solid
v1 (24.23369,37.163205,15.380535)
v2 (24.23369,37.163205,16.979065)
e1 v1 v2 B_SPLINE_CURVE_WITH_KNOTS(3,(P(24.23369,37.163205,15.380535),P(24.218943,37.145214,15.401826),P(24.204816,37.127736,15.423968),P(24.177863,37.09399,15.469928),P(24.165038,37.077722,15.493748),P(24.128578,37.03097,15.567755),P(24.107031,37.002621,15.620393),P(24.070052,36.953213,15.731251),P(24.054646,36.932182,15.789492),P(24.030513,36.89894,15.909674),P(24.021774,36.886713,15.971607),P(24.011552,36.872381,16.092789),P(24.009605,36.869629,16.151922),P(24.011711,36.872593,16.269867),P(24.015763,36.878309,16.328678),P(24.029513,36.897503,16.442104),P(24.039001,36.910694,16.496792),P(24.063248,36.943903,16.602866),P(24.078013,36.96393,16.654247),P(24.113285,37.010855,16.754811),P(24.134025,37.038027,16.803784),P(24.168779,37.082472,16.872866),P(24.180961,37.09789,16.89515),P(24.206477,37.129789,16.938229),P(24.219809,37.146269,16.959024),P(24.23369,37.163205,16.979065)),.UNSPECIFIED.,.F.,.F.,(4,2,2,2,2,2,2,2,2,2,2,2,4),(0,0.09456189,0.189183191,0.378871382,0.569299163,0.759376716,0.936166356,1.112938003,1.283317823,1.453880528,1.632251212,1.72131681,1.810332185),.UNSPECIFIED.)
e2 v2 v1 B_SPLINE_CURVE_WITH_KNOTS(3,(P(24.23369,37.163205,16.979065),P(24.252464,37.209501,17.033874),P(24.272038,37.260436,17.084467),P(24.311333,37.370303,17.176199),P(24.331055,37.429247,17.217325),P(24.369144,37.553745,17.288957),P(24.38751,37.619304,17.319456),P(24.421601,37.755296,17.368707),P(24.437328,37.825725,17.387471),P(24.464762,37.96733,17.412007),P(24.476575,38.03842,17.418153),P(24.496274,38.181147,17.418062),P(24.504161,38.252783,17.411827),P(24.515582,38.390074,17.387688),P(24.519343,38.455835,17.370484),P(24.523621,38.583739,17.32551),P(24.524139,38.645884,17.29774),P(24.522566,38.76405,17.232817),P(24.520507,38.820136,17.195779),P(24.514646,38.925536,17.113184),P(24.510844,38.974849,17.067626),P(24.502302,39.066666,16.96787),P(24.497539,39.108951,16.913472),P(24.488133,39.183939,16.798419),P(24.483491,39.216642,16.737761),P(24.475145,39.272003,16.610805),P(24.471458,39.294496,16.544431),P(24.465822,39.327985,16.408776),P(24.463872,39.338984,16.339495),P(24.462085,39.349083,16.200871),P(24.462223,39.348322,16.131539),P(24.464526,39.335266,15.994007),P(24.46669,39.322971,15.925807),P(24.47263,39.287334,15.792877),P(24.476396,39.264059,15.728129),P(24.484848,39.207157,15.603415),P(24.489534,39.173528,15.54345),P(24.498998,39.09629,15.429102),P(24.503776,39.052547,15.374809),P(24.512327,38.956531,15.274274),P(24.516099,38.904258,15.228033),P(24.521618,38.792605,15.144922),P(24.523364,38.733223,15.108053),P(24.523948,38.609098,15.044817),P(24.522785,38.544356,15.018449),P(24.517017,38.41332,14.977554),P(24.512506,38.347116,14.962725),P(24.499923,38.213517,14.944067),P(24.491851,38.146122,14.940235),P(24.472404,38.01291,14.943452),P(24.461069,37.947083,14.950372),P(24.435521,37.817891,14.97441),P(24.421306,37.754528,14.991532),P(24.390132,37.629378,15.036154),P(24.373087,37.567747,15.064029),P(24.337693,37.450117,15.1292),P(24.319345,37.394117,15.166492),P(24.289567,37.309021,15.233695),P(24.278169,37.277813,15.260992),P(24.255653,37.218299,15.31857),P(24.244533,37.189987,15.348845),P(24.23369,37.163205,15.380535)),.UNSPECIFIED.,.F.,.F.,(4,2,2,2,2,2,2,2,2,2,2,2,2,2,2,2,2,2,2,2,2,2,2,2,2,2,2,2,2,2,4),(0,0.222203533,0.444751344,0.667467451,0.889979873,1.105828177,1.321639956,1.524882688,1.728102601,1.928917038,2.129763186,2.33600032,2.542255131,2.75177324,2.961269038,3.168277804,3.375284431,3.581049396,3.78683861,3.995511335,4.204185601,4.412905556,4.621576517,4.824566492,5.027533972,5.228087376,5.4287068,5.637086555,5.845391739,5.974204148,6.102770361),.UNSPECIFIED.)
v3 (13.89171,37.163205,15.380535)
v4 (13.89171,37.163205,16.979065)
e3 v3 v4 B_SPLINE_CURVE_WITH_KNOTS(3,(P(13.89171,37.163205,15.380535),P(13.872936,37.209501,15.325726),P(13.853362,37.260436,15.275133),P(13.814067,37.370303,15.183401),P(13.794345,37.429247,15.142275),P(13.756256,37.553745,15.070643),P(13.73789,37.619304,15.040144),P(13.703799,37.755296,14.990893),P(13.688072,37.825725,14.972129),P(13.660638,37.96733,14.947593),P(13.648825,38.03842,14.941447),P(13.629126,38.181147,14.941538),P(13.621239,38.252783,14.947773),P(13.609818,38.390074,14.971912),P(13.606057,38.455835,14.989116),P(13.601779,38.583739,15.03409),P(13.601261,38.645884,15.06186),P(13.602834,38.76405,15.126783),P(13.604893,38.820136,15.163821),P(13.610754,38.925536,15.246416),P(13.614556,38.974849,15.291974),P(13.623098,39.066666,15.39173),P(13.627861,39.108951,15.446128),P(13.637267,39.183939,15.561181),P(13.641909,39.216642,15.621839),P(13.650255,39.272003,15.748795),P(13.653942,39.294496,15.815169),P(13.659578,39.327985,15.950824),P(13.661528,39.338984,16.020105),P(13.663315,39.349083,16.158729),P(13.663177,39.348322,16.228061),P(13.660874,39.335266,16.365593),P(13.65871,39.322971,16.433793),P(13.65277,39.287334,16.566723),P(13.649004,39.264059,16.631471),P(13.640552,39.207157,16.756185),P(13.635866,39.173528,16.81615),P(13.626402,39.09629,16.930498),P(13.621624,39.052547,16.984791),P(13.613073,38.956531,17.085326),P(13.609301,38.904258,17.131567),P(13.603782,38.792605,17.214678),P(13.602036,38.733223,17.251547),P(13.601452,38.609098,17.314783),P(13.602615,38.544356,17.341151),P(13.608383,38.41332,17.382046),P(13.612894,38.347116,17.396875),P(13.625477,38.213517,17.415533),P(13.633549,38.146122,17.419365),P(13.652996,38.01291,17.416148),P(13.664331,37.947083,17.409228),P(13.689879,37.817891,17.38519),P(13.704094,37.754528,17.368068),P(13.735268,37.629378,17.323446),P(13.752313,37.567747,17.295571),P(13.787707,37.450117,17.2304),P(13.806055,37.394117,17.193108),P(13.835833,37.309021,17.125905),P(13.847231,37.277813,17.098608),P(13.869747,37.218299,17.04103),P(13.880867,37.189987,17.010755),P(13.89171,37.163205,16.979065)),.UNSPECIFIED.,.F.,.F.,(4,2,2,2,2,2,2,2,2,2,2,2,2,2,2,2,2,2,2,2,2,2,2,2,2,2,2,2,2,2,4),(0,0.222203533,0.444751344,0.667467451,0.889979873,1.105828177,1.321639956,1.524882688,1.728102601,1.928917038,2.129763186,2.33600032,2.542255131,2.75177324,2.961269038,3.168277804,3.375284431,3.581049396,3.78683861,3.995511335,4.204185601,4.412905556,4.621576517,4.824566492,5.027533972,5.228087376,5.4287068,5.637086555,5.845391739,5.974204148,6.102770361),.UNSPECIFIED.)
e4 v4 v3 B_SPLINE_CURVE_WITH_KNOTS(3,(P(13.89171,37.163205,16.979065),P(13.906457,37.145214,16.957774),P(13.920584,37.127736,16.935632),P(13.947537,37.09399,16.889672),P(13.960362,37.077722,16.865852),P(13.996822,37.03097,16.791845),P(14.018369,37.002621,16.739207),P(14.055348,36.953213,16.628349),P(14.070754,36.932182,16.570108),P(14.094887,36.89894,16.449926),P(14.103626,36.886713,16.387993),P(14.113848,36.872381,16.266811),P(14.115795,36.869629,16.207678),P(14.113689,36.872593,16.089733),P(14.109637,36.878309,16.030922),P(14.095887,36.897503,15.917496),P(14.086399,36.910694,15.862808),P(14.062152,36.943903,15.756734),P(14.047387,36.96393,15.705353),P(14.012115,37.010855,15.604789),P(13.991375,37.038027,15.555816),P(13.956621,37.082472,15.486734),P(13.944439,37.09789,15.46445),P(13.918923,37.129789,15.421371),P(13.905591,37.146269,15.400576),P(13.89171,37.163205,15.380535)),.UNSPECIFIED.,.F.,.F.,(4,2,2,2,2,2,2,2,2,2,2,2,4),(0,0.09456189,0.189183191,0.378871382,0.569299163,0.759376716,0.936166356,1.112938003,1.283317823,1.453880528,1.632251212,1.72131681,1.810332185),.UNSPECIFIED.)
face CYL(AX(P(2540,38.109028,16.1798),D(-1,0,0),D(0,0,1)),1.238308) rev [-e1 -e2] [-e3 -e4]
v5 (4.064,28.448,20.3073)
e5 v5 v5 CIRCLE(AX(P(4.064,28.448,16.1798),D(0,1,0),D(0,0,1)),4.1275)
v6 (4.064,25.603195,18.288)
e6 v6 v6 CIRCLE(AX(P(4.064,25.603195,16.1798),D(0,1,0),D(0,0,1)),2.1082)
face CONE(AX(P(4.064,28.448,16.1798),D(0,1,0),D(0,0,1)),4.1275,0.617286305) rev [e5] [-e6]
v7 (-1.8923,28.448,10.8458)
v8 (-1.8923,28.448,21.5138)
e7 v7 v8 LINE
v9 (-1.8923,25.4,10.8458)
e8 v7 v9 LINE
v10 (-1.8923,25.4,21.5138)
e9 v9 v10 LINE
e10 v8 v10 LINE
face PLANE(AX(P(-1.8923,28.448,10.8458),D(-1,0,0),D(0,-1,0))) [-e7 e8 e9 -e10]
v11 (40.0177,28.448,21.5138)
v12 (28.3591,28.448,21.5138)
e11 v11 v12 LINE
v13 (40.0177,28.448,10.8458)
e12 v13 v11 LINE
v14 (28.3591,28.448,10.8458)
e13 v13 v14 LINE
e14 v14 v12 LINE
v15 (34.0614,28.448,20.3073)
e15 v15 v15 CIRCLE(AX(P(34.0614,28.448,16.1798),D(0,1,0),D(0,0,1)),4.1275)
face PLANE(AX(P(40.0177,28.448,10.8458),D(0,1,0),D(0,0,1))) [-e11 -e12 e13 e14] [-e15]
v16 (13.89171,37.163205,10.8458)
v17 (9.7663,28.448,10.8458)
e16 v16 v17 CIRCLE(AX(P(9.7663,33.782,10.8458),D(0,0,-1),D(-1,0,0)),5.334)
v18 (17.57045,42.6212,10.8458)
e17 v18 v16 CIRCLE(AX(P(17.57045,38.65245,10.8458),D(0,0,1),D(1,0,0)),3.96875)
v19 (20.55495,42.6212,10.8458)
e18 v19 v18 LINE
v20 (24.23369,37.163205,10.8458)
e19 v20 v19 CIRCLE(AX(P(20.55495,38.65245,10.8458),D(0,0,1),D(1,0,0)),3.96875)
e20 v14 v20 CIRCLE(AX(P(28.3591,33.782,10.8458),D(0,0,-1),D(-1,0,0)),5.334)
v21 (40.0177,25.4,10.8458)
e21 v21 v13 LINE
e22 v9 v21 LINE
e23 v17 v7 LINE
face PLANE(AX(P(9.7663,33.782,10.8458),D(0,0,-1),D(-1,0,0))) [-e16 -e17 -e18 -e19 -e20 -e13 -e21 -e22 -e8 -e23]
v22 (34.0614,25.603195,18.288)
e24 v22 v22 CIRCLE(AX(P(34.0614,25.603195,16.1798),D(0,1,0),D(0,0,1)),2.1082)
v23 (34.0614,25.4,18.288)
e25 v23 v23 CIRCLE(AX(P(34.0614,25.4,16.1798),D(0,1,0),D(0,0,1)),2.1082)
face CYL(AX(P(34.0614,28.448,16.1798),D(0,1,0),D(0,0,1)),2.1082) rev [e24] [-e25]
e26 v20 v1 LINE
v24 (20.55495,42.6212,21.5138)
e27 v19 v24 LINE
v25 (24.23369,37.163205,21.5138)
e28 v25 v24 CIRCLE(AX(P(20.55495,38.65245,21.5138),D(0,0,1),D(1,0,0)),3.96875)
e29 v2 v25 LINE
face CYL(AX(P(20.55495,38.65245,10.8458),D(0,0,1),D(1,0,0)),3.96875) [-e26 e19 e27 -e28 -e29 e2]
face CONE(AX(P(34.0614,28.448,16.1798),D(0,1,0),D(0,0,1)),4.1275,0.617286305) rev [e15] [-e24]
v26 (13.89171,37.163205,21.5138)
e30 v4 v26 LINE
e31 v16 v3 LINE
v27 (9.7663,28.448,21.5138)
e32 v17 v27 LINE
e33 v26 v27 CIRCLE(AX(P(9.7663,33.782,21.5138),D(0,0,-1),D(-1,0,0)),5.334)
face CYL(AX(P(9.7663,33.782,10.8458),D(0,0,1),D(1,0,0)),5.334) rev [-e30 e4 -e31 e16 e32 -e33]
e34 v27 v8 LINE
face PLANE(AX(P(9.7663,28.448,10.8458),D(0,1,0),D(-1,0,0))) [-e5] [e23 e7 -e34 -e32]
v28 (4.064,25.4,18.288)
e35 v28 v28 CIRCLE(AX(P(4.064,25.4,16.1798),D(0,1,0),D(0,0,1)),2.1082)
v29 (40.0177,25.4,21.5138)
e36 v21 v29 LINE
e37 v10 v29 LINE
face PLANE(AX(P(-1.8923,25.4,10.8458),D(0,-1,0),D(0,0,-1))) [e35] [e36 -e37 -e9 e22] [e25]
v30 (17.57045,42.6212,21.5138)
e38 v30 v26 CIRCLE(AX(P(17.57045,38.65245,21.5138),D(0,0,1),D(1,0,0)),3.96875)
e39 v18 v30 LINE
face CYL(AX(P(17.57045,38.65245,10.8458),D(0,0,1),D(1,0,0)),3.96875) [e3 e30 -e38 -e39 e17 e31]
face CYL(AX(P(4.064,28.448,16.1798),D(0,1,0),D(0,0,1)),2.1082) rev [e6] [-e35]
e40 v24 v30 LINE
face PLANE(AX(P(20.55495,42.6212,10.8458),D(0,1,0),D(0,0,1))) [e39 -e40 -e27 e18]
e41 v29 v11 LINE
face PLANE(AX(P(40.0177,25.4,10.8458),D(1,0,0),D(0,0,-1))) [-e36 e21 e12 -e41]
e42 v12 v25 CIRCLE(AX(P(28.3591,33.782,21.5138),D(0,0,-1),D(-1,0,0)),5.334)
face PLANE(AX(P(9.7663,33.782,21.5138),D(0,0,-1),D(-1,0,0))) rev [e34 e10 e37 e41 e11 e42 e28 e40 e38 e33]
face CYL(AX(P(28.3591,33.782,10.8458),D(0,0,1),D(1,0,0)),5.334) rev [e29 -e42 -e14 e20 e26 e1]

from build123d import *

# Parameters (mm, degrees)
BOSS_EXTRUDE1_DEPTH                       = 10.668
CSK_FOR_6_FLAT_HEAD_MACHINE_SCREW_2_COUNT = 2
CSK_FOR_6_FLAT_HEAD_MACHINE_SCREW_2_PITCH = 29.9974
SKETCH4_R                                 = 1.238307914
CUT_EXTRUDE1_DEPTH                        = 2540


with BuildPart() as part:
    # Sketch1 → Boss-Extrude1 (new body)
    with BuildSketch(Plane.XY.offset(21.5138)):
        with BuildLine():
            Line((9.7663, 28.448), (-1.8923, 28.448))
            Line((-1.8923, 28.448), (-1.8923, 25.4))
            Line((-1.8923, 25.4), (40.0177, 25.4))
            Line((40.0177, 25.4), (40.0177, 28.448))
            Line((40.0177, 28.448), (28.3591, 28.448))
            ThreePointArc((28.3591, 28.448), (23.537953793, 31.499872647), (24.233689565, 37.163204629))
            ThreePointArc((24.233689565, 37.163204629), (23.84595434, 40.870617487), (20.55495, 42.6212))
            Line((20.55495, 42.6212), (17.57045, 42.6212))
            ThreePointArc((17.57045, 42.6212), (14.27944566, 40.870617487), (13.891710435, 37.163204629))
            ThreePointArc((13.891710435, 37.163204629), (14.587446207, 31.499872647), (9.7663, 28.448))
        make_face()
    extrude(amount=-BOSS_EXTRUDE1_DEPTH)

    # Sketch2 → CSK for #6 Flat Head Machine Screw (100)1 (revolve, cut)
    with BuildSketch(Plane(origin=(34.0614, 28.448, 16.1798), x_dir=(0, 0, 1), z_dir=(1, 0, 0))):
        Polygon((0, 0), (0, 3.048), (2.1082, 3.048), (2.1082, 2.844805148), (4.1275, 0), align=None)
    csk_for_6_flat_head_machine_screw_100 = revolve(axis=Axis((34.0614, 34.798, 16.1798), (0, -1, 0)), mode=Mode.SUBTRACT)

    # CSK for _6 Flat Head Machine Screw _ 2: CSK for #6 Flat Head Machine Screw (100)1 ×2
    with Locations(*[(-i * CSK_FOR_6_FLAT_HEAD_MACHINE_SCREW_2_PITCH, 0, 0) for i in range(1, CSK_FOR_6_FLAT_HEAD_MACHINE_SCREW_2_COUNT)]):
        add(csk_for_6_flat_head_machine_screw_100, mode=Mode.SUBTRACT)

    # Sketch4 → Cut-Extrude1 (cut)
    with BuildSketch(Plane(origin=(0, 0, 0), x_dir=(0, 0, -1), z_dir=(1, 0, 0))):
        with Locations(Location((-16.1798, 38.109028288, 0), (0, 0, 229.800644601))):
            Circle(SKETCH4_R)
    extrude(amount=CUT_EXTRUDE1_DEPTH, mode=Mode.SUBTRACT)


solid = part.part
